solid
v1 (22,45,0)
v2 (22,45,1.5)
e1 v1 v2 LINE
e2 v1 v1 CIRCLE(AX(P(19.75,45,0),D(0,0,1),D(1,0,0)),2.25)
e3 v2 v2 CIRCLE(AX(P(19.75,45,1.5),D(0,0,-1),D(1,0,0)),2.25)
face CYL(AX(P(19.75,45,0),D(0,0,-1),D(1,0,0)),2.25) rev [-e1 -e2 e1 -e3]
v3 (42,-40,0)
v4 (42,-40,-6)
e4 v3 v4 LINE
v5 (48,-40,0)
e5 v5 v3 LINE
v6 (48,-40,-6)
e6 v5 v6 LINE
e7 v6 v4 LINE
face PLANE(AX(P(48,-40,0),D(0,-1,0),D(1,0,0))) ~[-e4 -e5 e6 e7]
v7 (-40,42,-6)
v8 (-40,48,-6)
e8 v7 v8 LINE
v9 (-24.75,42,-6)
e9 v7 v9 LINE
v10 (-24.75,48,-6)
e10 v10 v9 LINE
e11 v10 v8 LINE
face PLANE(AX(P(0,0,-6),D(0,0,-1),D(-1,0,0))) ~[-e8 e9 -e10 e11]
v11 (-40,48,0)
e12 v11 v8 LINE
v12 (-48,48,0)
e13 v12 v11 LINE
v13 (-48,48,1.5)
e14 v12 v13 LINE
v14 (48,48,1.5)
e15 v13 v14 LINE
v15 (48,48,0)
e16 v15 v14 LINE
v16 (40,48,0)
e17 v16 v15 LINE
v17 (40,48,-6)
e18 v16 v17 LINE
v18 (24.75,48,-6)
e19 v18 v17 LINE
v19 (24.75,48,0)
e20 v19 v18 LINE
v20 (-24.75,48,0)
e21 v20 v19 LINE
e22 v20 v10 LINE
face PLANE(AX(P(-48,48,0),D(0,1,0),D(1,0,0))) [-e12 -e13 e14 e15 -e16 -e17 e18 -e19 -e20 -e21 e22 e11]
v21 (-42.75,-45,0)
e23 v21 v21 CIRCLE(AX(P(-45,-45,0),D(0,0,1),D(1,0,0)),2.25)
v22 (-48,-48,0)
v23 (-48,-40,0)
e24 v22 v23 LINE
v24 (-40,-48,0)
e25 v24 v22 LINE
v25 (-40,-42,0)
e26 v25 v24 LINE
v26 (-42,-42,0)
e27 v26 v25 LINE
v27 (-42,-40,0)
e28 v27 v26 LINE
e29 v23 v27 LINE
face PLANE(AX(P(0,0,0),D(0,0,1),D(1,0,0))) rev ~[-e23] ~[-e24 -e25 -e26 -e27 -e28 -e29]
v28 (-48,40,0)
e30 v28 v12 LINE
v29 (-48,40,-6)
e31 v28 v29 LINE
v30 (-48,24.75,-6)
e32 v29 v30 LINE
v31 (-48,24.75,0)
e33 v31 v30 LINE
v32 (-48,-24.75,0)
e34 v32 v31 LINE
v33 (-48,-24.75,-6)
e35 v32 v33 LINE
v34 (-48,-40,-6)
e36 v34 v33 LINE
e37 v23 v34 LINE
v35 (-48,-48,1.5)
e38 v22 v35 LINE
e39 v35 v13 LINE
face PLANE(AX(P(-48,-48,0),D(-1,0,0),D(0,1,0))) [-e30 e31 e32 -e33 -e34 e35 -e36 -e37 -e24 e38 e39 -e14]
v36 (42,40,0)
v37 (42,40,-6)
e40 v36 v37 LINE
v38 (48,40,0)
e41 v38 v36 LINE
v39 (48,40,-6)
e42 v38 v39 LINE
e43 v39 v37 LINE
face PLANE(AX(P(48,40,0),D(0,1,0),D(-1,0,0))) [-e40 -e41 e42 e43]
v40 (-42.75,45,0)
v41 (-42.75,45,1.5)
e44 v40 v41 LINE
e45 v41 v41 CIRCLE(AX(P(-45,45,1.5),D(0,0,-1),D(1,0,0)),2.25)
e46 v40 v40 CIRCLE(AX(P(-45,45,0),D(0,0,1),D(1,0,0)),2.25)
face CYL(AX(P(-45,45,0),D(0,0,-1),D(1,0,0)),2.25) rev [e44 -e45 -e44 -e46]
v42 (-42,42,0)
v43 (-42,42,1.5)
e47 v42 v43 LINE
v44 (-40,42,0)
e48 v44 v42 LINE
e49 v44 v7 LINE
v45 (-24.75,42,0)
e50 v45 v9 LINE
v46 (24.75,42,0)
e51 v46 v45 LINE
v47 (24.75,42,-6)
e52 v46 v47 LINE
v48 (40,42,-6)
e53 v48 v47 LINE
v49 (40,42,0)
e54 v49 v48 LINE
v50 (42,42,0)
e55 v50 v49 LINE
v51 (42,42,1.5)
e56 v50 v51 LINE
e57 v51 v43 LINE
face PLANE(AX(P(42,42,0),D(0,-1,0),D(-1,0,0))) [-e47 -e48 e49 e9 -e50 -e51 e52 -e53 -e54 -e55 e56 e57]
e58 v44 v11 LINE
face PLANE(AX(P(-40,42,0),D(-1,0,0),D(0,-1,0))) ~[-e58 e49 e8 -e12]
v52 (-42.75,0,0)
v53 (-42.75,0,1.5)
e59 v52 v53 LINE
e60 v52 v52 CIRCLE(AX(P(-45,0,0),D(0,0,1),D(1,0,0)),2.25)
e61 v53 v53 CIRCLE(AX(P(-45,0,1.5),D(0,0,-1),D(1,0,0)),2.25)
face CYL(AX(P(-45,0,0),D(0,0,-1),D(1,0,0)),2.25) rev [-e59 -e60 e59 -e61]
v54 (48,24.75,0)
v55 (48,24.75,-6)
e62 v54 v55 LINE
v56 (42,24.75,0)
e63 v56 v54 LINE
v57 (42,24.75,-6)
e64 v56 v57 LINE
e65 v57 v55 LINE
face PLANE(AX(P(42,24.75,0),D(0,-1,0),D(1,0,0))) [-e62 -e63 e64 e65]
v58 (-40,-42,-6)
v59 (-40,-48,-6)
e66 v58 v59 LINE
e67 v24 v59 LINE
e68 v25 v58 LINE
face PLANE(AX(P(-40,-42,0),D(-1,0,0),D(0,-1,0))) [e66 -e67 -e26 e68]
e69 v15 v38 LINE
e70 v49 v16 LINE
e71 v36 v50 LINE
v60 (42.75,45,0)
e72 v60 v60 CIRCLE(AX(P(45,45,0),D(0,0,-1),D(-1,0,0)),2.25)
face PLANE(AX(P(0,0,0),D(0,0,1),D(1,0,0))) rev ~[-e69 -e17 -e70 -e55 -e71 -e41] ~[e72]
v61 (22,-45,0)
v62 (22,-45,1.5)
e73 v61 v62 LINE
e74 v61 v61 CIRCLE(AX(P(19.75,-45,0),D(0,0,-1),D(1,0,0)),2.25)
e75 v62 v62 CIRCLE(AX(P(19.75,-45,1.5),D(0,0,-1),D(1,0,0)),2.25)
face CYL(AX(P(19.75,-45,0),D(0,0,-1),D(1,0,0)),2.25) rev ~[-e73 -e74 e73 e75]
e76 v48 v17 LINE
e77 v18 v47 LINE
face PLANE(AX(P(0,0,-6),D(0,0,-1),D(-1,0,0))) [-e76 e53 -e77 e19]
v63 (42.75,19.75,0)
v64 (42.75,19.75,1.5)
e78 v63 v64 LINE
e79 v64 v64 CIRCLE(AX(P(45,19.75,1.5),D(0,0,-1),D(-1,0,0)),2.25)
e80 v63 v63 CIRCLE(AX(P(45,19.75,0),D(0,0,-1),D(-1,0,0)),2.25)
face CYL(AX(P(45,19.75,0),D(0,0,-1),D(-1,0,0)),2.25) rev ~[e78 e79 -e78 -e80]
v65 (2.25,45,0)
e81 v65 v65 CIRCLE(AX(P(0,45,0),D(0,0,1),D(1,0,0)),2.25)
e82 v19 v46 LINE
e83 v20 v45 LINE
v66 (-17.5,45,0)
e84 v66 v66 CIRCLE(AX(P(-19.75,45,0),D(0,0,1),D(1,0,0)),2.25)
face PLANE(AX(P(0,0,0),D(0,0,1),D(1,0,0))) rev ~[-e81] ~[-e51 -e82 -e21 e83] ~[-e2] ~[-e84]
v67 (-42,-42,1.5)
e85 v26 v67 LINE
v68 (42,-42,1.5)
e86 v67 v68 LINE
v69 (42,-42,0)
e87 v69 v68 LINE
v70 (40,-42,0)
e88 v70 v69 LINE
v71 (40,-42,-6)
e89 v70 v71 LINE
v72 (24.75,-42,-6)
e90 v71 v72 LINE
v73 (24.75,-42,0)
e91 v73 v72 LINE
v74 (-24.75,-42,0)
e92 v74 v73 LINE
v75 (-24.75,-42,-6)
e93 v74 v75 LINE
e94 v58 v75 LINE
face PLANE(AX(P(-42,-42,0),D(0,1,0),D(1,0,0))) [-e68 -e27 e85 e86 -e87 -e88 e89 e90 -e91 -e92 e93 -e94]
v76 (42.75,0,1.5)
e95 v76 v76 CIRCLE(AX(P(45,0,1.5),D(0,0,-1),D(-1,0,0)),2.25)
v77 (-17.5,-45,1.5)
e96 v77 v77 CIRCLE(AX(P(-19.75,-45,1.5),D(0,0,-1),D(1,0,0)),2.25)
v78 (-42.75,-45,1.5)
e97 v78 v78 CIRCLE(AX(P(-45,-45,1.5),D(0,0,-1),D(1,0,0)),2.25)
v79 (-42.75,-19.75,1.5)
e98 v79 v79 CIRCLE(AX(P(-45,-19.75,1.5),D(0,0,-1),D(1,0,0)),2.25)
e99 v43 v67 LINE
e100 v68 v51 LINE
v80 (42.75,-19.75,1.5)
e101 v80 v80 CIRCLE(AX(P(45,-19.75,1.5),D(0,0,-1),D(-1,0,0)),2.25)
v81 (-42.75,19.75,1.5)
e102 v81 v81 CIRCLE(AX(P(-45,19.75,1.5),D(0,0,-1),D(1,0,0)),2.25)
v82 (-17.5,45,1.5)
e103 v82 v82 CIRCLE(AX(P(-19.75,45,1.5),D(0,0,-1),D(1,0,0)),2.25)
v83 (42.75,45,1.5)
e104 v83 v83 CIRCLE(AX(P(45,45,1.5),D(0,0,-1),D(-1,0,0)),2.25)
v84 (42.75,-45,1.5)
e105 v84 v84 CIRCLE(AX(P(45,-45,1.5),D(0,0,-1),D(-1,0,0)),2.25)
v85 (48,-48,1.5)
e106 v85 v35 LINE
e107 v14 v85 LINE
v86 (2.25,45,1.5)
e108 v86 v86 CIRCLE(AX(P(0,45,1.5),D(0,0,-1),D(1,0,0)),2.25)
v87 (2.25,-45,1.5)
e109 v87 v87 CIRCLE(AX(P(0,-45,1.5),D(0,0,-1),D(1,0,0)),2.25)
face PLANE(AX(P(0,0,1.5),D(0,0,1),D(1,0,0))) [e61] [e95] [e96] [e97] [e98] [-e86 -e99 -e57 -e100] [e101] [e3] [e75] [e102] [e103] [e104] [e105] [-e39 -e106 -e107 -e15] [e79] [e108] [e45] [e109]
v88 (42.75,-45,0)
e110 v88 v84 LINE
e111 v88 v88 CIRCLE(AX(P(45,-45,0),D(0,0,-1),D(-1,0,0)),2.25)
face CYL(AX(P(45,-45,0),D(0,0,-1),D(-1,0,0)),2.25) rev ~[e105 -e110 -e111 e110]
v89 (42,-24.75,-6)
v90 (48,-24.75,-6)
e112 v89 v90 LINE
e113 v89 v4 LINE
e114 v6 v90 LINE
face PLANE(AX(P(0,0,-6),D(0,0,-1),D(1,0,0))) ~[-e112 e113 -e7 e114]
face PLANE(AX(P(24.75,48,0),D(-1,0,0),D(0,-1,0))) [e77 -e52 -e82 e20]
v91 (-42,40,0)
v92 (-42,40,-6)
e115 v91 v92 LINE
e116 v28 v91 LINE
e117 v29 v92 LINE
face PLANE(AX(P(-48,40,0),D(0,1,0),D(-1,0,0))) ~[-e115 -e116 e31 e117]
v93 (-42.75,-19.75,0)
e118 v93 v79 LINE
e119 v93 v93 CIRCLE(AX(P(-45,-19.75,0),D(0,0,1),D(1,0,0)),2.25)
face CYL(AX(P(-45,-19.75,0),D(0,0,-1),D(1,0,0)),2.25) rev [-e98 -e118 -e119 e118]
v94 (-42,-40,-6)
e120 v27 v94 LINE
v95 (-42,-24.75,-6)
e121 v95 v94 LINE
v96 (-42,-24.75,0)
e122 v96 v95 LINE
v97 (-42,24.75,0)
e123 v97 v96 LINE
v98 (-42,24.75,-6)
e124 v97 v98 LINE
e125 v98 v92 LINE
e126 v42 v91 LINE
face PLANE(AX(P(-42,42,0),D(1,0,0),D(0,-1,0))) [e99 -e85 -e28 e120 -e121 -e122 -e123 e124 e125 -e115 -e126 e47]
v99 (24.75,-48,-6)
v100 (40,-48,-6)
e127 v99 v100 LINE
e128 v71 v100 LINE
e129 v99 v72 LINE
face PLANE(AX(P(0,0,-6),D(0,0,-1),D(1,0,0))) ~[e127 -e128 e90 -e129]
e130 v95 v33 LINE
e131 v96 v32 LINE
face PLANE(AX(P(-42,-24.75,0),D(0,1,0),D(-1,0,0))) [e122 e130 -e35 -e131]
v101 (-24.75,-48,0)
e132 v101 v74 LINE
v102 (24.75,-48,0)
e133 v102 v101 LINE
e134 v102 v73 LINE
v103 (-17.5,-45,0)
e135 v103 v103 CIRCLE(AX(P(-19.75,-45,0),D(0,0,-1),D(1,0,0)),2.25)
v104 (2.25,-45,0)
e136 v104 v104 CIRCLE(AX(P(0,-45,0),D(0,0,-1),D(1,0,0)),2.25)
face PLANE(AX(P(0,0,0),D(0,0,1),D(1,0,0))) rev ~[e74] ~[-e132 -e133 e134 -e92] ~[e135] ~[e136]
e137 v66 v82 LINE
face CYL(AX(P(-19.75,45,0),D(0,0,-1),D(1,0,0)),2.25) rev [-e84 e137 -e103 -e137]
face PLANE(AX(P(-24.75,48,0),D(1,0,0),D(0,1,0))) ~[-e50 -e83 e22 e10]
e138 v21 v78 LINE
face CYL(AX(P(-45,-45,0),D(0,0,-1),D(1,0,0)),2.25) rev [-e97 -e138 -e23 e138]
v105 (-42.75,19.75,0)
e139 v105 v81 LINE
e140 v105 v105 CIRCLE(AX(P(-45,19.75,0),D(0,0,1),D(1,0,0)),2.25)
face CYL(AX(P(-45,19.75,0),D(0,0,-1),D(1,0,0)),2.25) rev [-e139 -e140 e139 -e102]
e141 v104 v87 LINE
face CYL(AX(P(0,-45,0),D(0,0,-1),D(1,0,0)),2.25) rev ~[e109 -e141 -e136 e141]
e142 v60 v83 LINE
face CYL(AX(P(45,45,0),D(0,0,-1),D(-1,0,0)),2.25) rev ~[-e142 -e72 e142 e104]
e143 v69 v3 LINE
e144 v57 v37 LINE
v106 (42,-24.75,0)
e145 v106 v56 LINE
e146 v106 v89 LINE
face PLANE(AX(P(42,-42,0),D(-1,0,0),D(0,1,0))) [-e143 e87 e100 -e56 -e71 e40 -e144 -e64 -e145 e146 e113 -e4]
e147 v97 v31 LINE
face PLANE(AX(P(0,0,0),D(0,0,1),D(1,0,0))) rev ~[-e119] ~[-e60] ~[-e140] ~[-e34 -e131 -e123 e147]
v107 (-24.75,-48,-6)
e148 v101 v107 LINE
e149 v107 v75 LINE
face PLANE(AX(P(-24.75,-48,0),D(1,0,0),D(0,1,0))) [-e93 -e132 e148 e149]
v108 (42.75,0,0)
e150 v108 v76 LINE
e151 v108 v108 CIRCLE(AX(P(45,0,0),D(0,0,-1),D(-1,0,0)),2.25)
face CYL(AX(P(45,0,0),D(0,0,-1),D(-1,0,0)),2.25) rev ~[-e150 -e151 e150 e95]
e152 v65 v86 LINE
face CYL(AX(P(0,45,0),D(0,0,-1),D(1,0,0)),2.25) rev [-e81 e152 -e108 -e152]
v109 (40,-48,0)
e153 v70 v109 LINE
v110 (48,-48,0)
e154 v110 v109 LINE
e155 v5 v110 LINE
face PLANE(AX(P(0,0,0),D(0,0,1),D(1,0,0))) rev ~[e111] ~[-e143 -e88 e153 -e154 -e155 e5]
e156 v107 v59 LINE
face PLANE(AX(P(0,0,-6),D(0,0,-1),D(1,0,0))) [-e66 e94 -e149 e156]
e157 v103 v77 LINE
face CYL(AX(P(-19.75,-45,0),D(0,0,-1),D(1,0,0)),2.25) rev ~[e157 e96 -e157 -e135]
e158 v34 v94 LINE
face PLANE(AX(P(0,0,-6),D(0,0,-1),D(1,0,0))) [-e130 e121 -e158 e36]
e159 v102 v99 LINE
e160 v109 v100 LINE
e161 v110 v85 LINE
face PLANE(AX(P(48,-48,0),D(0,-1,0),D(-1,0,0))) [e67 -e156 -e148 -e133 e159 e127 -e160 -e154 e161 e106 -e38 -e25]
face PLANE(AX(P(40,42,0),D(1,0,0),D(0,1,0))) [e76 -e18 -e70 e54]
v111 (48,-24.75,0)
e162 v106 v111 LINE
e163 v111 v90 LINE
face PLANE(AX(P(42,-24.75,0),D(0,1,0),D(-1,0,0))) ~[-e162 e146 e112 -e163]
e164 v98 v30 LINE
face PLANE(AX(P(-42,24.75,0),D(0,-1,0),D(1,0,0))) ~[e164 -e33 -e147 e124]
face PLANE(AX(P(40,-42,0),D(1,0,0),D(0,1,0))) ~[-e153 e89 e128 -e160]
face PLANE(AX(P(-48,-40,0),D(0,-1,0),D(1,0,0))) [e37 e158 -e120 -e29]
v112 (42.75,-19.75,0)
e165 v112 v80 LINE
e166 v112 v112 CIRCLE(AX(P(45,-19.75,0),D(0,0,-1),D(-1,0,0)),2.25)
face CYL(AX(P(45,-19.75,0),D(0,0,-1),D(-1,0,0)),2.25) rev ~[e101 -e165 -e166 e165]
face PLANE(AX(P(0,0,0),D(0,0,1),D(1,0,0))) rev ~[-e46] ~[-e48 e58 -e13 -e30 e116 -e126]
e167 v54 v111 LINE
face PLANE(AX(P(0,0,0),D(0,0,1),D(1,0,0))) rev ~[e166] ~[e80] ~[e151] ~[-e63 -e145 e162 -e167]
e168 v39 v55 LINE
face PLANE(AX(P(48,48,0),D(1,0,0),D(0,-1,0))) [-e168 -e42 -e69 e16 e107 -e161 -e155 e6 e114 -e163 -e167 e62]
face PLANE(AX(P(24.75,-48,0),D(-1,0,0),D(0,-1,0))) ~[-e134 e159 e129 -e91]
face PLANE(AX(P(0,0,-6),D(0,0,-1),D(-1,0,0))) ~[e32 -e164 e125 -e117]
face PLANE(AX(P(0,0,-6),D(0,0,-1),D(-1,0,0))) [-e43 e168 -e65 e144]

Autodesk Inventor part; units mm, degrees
ref_plane "YZ Plane" through (0, 0, 0) normal (1, 0, 0) x (0, 1, 0)
ref_plane "XZ Plane" through (0, 0, 0) normal (0, 1, 0) x (-1, 0, 0)
ref_plane "XY Plane" through (0, 0, 0) normal (0, 0, 1) x (1, 0, 0)
sketch "Sketch1" plane through (0, 0, 0) normal (0, 0, 1) x (1, 0, 0)
  line L0 (-48, 48) -> (48, 48)
  line L1 (48, 48) -> (48, -48)
  line L2 (48, -48) -> (-48, -48)
  line L3 (-48, -48) -> (-48, 48)
  line L4 (42, 42) -> (-42, 42)
  line L5 (-42, 42) -> (-42, -42)
  line L6 (-42, -42) -> (42, -42)
  line L7 (42, -42) -> (42, 42)
  line L8 (0, 152.7233) -> (0, -72.1628) construction
  line L9 (-77.8847, 0) -> (88.8171, 0) construction
  line L10 (-48, 45) -> (48, 45) construction
  circle A0 centre (0, 45) radius 2.25
  circle A1 centre (-19.75, 45) radius 2.25
  circle A2 centre (19.75, 45) radius 2.25
  line L11 (-45, 48) -> (-45, -48) construction
  circle A3 centre (-45, 45) radius 2.25
  circle A4 centre (-45, 0) radius 2.25
  line L12 (-48, -45) -> (48, -45) construction
  circle A5 centre (-45, -45) radius 2.25
  circle A6 centre (-45, 19.75) radius 2.25
  circle A7 centre (-45, -19.75) radius 2.25
  point P0 (0, 0)
  point P1 (0, 48)
  point P2 (48, 0)
  dimension "d0" = 96
  dimension "d1" = 96
  dimension "d2" = 6
  dimension "d5" = 3
  dimension "d6" = 4.5
  dimension "d7" = 4.5
  dimension "d8" = 4.5
  dimension "d9" = 22
  dimension "d10" = 22
  dimension "d11" = 3
  dimension "d12" = 4.5
  dimension "d13" = 4.5
  dimension "d14" = 3
  dimension "d15" = 4.5
  dimension "d31" = 4.5
  dimension "d32" = 4.5
  dimension "d33" = 22
  dimension "d34" = 22
extrude "Extrusion1" add sketch "Sketch1" along normal blind 1.5 contours L0 L1 L2 L3 | A0 | A1 | A2 | A3 | A4 | A5 | A6 | A7
extrude "Extrusion2" cut sketch "Sketch1" along normal blind 10 contours A0 | A1 | A2
mirror "Mirror1" about plane through (0, 0, 0) normal (0, 1, 0) of "Extrusion2"
extrude "Extrusion3" cut sketch "Sketch1" along normal blind 10 contours A3 | A4 | A5 | A6 | A7
mirror "Mirror2" about plane through (0, 0, 0) normal (1, 0, 0) of "Extrusion3"
sketch "Sketch2" plane through (0, 0, 0) normal (0, 0, -1) x (-1, 0, 0)
  circle A0 centre (-45, 19.75) radius 2.25 projected
  circle A1 centre (-45, 0) radius 2.25 projected
  circle A2 centre (-45, 45) radius 2.25 projected
  circle A3 centre (0, 45) radius 2.25 projected
  circle A4 centre (-19.75, 45) radius 2.25 projected
  line L0 (48, 48) -> (-48, 48) projected
  line L1 (-48, 48) -> (-48, -48) projected
  line L2 (-42, -42) -> (-42, 42) projected
  line L3 (-42, 42) -> (42, 42) projected
  line L4 (-48, 40) -> (-42, 40)
  line L5 (-42, 40) -> (-42, 24.75)
  line L6 (-42, 24.75) -> (-48, 24.75)
  line L7 (-48, 24.75) -> (-48, 40)
  line L8 (-48, 14.75) -> (-42, 14.75)
  line L9 (-42, 14.75) -> (-42, 5)
  line L10 (-42, 5) -> (-48, 5)
  line L11 (-48, 5) -> (-48, 14.75)
  line L12 (-40, 48) -> (-24.75, 48)
  line L13 (-24.75, 48) -> (-24.75, 42)
  line L14 (-24.75, 42) -> (-40, 42)
  line L15 (-40, 42) -> (-40, 48)
  line L16 (-14.75, 48) -> (-5, 48)
  line L17 (-5, 48) -> (-5, 42)
  line L18 (-5, 42) -> (-14.75, 42)
  line L19 (-14.75, 42) -> (-14.75, 48)
  dimension "d35" = 5
  dimension "d36" = 5
  dimension "d37" = 5
  dimension "d38" = 5
  dimension "d39" = 5
  dimension "d40" = 5
  dimension "d41" = 5
  dimension "d42" = 5
extrude "Extrusion4" add sketch "Sketch2" along normal blind 6 contours L13 L3 L15 L0 | L4 L2 L6 L1
mirror "Mirror3" about plane through (0, 0, 0) normal (1, 0, 0) of "Extrusion4"
mirror "Mirror4" about plane through (0, 0, 0) normal (0, 1, 0) of "Extrusion4", "Mirror3"
properties part number "Base" material "ABS Plastic"
